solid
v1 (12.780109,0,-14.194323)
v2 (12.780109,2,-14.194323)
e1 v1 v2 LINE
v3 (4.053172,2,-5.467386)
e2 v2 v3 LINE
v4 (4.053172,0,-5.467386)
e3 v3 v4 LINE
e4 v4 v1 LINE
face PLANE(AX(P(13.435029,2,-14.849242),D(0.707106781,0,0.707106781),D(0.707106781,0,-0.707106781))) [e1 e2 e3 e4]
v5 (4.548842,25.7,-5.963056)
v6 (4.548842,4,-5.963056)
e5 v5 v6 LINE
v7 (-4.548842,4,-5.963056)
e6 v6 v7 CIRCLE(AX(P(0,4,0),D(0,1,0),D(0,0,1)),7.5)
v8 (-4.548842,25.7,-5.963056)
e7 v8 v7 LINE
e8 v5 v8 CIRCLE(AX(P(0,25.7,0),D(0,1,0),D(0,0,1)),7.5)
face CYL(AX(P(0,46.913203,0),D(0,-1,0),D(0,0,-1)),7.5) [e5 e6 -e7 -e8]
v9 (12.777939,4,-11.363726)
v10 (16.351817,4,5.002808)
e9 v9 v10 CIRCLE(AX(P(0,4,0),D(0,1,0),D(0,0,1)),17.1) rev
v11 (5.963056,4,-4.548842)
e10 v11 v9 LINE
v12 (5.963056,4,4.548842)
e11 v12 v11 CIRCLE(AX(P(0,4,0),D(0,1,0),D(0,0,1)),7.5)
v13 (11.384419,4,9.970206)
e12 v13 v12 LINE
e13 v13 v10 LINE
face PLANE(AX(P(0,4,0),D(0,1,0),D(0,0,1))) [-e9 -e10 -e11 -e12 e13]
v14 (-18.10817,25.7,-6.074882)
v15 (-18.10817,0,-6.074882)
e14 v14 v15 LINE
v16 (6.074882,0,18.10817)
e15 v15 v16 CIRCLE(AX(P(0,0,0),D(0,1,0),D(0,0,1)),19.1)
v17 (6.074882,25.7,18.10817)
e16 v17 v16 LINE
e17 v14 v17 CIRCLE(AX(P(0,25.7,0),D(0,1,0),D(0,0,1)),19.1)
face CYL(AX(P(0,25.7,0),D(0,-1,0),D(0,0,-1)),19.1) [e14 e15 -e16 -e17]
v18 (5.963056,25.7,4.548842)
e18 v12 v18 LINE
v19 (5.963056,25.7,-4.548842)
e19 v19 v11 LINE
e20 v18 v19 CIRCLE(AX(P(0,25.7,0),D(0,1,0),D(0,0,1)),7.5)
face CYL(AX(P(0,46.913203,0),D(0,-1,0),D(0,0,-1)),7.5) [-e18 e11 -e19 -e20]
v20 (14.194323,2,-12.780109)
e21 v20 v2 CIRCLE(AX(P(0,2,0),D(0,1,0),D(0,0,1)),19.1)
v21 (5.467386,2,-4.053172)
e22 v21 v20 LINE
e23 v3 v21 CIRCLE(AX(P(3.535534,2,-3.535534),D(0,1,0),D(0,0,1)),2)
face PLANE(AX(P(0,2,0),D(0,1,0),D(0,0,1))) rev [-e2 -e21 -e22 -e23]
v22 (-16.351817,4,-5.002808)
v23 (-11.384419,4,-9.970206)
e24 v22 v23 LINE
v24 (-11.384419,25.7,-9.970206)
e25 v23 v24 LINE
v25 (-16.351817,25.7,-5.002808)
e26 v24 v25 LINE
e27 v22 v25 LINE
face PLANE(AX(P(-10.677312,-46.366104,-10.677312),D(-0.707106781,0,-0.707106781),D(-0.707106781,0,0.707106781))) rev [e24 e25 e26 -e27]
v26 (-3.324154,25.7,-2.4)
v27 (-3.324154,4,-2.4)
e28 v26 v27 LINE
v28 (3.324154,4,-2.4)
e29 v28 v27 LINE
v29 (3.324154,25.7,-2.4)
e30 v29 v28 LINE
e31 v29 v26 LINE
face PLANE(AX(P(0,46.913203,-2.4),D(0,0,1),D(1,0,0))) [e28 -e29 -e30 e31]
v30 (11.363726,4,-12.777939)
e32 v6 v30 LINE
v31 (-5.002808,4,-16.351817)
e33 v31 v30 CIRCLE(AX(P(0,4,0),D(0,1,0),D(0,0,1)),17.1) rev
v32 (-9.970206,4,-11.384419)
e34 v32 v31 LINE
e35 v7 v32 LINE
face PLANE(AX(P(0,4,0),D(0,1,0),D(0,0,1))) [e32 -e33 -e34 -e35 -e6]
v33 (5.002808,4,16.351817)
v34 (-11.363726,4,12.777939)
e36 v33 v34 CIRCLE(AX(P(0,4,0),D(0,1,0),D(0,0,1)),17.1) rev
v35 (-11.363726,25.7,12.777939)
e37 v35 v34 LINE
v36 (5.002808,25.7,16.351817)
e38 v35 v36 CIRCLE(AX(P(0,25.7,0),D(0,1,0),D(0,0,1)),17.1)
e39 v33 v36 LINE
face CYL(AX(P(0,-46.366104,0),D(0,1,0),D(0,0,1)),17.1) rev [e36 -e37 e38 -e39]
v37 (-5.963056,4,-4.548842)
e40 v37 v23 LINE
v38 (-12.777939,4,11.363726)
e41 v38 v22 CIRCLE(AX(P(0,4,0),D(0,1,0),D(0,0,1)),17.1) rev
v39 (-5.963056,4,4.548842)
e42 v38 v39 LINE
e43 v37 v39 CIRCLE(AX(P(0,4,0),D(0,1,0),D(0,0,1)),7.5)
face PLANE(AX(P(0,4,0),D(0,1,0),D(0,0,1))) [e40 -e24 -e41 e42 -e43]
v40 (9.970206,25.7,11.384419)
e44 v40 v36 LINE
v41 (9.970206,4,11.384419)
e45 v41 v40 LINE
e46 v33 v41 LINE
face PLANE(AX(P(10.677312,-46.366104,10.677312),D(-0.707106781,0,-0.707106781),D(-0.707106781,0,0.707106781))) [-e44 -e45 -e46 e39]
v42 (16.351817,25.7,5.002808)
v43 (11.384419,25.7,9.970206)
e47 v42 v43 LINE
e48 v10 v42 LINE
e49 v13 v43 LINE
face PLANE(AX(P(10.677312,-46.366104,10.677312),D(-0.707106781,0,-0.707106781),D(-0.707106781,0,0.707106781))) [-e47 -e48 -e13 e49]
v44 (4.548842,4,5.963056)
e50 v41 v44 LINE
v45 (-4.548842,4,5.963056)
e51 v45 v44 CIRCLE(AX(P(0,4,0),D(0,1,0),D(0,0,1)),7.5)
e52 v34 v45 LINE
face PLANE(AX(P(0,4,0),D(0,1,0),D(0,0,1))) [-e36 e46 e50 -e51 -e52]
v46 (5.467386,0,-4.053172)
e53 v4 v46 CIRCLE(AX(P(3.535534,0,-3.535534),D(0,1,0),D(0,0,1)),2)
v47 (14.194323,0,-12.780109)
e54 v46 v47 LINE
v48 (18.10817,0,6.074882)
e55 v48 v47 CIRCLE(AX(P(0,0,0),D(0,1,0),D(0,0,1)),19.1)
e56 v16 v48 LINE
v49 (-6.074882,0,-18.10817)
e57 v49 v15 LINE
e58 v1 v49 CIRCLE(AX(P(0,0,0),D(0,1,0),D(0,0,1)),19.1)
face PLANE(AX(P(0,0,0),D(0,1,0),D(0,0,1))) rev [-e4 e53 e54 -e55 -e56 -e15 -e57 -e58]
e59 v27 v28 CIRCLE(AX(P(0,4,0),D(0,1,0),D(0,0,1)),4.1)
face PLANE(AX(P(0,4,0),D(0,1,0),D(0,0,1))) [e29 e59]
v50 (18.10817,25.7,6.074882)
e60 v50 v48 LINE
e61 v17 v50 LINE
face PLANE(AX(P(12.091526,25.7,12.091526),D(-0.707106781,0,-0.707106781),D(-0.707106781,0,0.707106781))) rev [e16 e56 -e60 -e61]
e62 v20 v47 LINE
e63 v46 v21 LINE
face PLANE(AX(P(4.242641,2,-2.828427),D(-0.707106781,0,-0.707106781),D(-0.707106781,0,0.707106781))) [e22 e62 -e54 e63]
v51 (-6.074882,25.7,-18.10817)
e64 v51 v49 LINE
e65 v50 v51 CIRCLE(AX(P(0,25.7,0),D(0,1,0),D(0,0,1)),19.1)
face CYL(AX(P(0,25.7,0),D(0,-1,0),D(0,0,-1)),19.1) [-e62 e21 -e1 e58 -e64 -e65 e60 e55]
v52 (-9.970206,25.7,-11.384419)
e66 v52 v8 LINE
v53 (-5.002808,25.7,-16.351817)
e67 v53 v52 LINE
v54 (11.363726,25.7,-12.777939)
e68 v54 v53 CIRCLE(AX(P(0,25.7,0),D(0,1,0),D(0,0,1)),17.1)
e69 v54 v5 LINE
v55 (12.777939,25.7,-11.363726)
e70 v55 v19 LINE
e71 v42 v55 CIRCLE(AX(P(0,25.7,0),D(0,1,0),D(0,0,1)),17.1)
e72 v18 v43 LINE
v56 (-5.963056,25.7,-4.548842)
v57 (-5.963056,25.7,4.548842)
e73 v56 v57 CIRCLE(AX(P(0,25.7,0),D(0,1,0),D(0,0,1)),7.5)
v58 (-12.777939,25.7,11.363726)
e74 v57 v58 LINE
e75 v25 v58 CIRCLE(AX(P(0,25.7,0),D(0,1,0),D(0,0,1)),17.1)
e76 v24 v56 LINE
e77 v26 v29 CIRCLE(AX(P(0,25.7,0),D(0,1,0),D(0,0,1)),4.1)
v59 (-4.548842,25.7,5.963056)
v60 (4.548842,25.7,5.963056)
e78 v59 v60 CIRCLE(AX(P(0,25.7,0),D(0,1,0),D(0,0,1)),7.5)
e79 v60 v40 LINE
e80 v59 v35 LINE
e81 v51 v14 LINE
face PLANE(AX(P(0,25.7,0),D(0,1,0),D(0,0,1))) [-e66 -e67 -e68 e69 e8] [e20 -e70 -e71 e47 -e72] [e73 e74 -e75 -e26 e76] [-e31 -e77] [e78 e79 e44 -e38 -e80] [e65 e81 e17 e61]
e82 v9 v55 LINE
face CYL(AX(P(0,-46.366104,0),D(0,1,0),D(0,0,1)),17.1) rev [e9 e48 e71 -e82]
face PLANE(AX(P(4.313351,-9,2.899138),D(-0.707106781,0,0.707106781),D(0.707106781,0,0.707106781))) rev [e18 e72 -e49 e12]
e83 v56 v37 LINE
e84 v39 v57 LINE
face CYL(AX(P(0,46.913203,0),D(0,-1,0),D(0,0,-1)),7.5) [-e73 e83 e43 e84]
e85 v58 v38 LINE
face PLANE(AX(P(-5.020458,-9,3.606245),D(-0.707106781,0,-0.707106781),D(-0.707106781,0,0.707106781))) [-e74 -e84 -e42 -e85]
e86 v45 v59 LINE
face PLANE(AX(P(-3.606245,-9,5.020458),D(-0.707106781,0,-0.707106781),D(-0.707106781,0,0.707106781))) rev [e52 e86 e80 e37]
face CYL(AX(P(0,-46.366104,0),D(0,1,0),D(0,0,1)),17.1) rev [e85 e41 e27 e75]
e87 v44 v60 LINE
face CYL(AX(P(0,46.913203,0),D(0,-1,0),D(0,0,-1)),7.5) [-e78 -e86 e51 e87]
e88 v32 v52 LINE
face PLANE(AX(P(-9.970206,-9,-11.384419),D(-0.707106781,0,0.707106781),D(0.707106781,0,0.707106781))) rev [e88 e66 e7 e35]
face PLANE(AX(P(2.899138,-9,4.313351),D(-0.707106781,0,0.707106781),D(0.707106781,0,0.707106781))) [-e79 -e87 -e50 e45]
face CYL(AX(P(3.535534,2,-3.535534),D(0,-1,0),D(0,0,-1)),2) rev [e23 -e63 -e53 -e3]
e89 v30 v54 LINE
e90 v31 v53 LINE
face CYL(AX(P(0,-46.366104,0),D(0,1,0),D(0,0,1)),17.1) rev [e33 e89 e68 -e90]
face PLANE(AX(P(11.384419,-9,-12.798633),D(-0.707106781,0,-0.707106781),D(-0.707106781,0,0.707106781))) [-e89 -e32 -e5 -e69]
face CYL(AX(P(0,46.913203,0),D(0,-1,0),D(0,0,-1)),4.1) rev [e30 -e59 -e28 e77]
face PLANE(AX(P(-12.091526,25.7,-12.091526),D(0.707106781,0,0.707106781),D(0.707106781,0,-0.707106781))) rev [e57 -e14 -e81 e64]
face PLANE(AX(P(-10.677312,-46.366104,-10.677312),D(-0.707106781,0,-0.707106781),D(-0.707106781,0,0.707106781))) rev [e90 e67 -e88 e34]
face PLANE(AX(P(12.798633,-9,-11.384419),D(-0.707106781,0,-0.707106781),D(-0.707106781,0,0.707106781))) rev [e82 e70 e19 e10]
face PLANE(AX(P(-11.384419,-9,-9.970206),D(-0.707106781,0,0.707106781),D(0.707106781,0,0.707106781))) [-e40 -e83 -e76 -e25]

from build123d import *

# Parameters (mm, degrees)
SKETCH_1_R          = 19.1
EXTRUDE_1_DEPTH     = 25.7
SKETCH_1_7_R        = 2
CUT_EXTRUDE_1_DEPTH = 2
CUT_EXTRUDE_2_DEPTH = 38.28417895
CUT_EXTRUDE_3_DEPTH = 21.7
EXTRUDE_START       = 4
SKETCH_1_8_R        = 7.5
EXTRUDE_2_DEPTH     = 21.7
EXTRUDE_3_DEPTH     = 21.7


with BuildPart() as part:
    # 草图1 → 凸台-拉伸1 (new body)
    with BuildSketch(Plane(origin=(0, 0, 0), x_dir=(1, 0, 0), z_dir=(0, 1, 0))):
        with Locations(Location((0, 0, 0), (0, 0, 90))):
            Circle(SKETCH_1_R)
    extrude(amount=EXTRUDE_1_DEPTH)

    # 草图1<7> → 切除-拉伸1 (cut)
    with BuildSketch(Plane(origin=(0, 0, 0), x_dir=(1, 0, 0), z_dir=(0, 1, 0))):
        with Locations((3.535533906, 3.535533906)):
            Circle(SKETCH_1_7_R)
        Polygon((13.435028843, 14.849242405), (2.828427125, 4.242640687), (4.242640687, 2.828427125), (14.849242405, 13.435028843), align=None)
    extrude(amount=CUT_EXTRUDE_1_DEPTH, mode=Mode.SUBTRACT)

    # 草图2 → 切除-拉伸2 (cut, through all)
    with BuildSketch(Plane.XZ):
        with BuildLine():
            Line((12.091525958, 12.091525958), (18.108169541, 6.074882376))
            ThreePointArc((18.108169541, 6.074882376), (13.505739521, 13.505739521), (6.074882376, 18.108169541))
            Line((6.074882376, 18.108169541), (12.091525958, 12.091525958))
        make_face()
        with BuildLine():
            ThreePointArc((-18.108169541, -6.074882376), (-13.505739521, -13.505739521), (-6.074882376, -18.108169541))
            Line((-6.074882376, -18.108169541), (-12.091525958, -12.091525958))
            Line((-12.091525958, -12.091525958), (-18.108169541, -6.074882376))
        make_face()
    extrude(amount=-CUT_EXTRUDE_2_DEPTH, mode=Mode.SUBTRACT)

    # 草图3 → 切除-拉伸3 (cut)
    with BuildSketch(Plane(origin=(0, 25.7, 0), x_dir=(1, 0, 0), z_dir=(0, 1, 0))):
        with BuildLine():
            ThreePointArc((17.1, 0), (10.170102826, 13.74696361), (-5.002808012, 16.35181678))
            Line((-5.002808012, 16.35181678), (-16.35181678, 5.002808012))
            ThreePointArc((-16.35181678, 5.002808012), (-12.091525958, -12.091525958), (5.002808012, -16.35181678))
            Line((5.002808012, -16.35181678), (16.35181678, -5.002808012))
            ThreePointArc((16.35181678, -5.002808012), (16.911919863, -2.529222516), (17.1, 0))
        make_face()
    extrude(amount=-CUT_EXTRUDE_3_DEPTH, mode=Mode.SUBTRACT)

    # 草图1<8> → 凸台-拉伸2 (add)
    with BuildSketch(Plane(origin=(0, 0, 0), x_dir=(1, 0, 0), z_dir=(0, 1, 0)).offset(EXTRUDE_START)):
        with Locations(Location((0, 0, 0), (0, 0, 270))):
            Circle(SKETCH_1_8_R)
        with BuildLine():
            Line((-3.324154028, 2.4), (3.324154028, 2.4))
            ThreePointArc((3.324154028, 2.4), (0, -4.1), (-3.324154028, 2.4))
        make_face(mode=Mode.SUBTRACT)
    extrude(amount=EXTRUDE_2_DEPTH)

    # 草图4 → 拉伸-薄壁3 (add)
    with BuildSketch(Plane(origin=(0, 25.7, 0), x_dir=(1, 0, 0), z_dir=(0, 1, 0))):
        Polygon((-11.384419177, 9.970205615), (-4.313351365, 2.899137803), (-2.899137803, 4.313351365), (-9.970205615, 11.384419177), align=None)
        Polygon((11.384419177, 12.798632739), (3.606244584, 5.020458146), (5.020458146, 3.606244584), (12.798632739, 11.384419177), align=None)
        Polygon((-5.020458146, -3.606244584), (-12.798632739, -11.384419177), (-11.384419177, -12.798632739), (-3.606244584, -5.020458146), align=None)
        Polygon((2.899137803, -4.313351365), (9.970205615, -11.384419177), (11.384419177, -9.970205615), (4.313351365, -2.899137803), align=None)
    extrude(amount=-EXTRUDE_3_DEPTH)


solid = part.part
